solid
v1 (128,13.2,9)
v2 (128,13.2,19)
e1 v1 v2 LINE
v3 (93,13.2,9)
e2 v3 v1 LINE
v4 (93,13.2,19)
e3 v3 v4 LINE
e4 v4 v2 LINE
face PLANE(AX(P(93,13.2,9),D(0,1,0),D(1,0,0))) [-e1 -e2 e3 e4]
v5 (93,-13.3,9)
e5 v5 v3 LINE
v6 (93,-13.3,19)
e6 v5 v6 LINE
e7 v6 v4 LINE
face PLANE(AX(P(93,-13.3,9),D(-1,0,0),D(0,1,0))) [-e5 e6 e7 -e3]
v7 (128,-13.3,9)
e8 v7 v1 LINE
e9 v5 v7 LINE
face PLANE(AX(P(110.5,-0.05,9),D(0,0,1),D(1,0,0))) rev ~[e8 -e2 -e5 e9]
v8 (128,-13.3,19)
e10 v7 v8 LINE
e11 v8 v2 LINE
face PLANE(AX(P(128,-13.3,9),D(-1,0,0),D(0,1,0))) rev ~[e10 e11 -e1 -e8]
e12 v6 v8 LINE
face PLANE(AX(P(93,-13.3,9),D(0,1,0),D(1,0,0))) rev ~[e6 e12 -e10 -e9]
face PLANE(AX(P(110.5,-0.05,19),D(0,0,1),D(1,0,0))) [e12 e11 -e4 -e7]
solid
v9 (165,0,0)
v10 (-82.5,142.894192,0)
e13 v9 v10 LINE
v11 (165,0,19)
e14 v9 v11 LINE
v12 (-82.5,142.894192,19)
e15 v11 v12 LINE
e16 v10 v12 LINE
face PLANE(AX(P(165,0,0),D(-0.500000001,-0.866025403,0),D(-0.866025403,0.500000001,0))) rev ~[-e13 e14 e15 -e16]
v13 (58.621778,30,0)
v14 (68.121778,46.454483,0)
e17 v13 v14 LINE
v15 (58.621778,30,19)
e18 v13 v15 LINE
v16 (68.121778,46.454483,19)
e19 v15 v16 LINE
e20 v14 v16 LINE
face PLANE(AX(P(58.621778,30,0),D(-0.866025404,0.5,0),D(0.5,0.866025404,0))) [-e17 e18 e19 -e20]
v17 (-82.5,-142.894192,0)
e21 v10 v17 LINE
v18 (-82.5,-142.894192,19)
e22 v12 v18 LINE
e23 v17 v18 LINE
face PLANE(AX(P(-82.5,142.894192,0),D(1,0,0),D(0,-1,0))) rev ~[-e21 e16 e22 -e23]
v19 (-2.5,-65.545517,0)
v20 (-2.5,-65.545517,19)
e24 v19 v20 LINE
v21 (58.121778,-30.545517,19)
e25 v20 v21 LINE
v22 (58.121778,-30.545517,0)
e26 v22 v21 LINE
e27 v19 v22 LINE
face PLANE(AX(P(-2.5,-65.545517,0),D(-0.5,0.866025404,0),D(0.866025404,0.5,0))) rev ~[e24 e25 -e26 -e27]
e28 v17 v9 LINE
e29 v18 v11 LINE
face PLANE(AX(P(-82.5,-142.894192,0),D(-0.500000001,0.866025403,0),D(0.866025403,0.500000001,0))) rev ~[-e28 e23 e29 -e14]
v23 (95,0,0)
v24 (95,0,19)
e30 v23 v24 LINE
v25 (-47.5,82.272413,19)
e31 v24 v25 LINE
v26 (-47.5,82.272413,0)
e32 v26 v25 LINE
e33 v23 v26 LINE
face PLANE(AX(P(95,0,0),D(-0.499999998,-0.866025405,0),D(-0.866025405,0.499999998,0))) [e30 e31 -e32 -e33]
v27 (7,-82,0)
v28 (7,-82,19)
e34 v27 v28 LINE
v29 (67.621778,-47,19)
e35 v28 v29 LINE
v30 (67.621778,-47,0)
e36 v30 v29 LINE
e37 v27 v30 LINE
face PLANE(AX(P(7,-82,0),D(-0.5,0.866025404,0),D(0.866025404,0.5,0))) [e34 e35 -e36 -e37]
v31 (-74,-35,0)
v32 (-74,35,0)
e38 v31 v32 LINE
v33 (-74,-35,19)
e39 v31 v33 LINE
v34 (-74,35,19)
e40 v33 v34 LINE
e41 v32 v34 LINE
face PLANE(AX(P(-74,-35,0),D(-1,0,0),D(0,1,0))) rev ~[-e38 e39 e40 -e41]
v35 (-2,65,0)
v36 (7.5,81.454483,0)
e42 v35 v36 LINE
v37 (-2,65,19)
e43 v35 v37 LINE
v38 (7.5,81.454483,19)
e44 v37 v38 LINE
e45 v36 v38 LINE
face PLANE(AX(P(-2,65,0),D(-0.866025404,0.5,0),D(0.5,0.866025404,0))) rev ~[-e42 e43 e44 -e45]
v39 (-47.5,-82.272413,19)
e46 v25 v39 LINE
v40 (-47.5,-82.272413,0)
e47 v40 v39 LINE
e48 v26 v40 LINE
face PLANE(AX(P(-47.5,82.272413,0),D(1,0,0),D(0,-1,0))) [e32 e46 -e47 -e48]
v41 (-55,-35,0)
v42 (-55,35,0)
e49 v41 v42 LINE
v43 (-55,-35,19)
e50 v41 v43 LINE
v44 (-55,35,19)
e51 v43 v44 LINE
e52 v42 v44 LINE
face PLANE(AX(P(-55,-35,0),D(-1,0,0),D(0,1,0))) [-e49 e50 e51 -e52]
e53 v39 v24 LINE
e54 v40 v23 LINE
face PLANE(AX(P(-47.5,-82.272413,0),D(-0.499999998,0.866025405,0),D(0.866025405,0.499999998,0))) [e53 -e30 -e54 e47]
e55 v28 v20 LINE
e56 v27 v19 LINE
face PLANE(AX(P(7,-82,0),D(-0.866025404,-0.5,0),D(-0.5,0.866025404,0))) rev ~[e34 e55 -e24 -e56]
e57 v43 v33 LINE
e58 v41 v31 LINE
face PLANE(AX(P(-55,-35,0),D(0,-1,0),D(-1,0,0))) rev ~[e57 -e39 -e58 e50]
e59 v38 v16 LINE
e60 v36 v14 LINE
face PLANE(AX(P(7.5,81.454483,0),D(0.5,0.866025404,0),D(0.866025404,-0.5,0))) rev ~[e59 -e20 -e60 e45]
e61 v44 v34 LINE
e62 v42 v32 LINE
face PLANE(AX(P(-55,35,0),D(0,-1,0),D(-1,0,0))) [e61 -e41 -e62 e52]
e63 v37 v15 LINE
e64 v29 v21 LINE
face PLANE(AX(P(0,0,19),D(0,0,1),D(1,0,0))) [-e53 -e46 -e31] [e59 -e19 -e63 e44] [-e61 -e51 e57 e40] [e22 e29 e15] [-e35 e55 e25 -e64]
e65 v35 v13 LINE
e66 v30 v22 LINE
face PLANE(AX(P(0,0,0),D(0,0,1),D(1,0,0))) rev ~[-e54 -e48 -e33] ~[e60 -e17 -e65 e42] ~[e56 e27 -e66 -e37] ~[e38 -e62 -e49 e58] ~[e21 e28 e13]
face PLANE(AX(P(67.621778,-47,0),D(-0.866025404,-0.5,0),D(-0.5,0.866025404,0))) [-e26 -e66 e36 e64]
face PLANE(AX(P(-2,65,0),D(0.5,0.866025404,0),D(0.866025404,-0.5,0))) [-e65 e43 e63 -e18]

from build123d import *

# Parameters (mm, degrees)
BOX002_W               = 70
BOX002_H               = 19
BOX002_DEPTH           = 19
BOX002_PLACEMENT_ANGLE = 30
BOX001_W               = 70
BOX001_H               = 19
BOX001_DEPTH           = 19
BOX001_PLACEMENT_ANGLE = 90
BOX_W                  = 70
BOX_H                  = 19
BOX_DEPTH              = 19
BOX_PLACEMENT_ANGLE    = 30
PRISM001_DEPTH         = 19
PRISM_DEPTH            = 19
BOX003_W               = 35
BOX003_H               = 26.5
BOX003_DEPTH           = 10


with BuildPart() as box002:
    # Box002 → Box002 (new body)
    with BuildSketch(Plane.XY):
        with Locations((35, 9.5)):
            Rectangle(BOX002_W, BOX002_H)
    extrude(amount=BOX002_DEPTH)


with BuildPart() as box002_1:
    # Box002 placement: moved
    add(box002.part.moved(Location((7, -82, 0))).rotate(Axis((7, -82, 0), (0, 0, 1)), BOX002_PLACEMENT_ANGLE))


with BuildPart() as box001:
    # Box001 → Box001 (new body)
    with BuildSketch(Plane.XY):
        with Locations((35, 9.5)):
            Rectangle(BOX001_W, BOX001_H)
    extrude(amount=BOX001_DEPTH)


with BuildPart() as box001_1:
    # Box001 placement: moved
    add(box001.part.moved(Location((-55, -35, 0))).rotate(Axis((-55, -35, 0), (0, 0, 1)), BOX001_PLACEMENT_ANGLE))


with BuildPart() as box:
    # Box → Box (new body)
    with BuildSketch(Plane.XY):
        with Locations((35, 9.5)):
            Rectangle(BOX_W, BOX_H)
    extrude(amount=BOX_DEPTH)


with BuildPart() as box_1:
    # Box placement: moved
    add(box.part.moved(Location((-2, 65, 0))).rotate(Axis((-2, 65, 0), (0, 0, -1)), BOX_PLACEMENT_ANGLE))


with BuildPart() as prism001:
    # Prism001 → Prism001 (new body)
    with BuildSketch(Plane.XY):
        Polygon((95, 0), (-47.5, 82.272413), (-47.5, -82.272413), align=None)
    extrude(amount=PRISM001_DEPTH)


with BuildPart() as cut003:
    # Prism → Prism (new body)
    with BuildSketch(Plane.XY):
        Polygon((165, 0), (-82.5, 142.894192), (-82.5, -142.894192), align=None)
    extrude(amount=PRISM_DEPTH)

    # Cut: cut Prism001
    add(prism001.part, mode=Mode.SUBTRACT)

    # Cut001: cut Box
    add(box_1.part, mode=Mode.SUBTRACT)

    # Cut002: cut Box001
    add(box001_1.part, mode=Mode.SUBTRACT)

    # Cut003: cut Box002
    add(box002_1.part, mode=Mode.SUBTRACT)


with BuildPart() as box003:
    # Box003 → Box003 (new body)
    with BuildSketch(Plane(origin=(93, -13.3, 9), x_dir=(1, 0, 0), z_dir=(0, 0, 1))):
        with Locations((17.5, 13.25)):
            Rectangle(BOX003_W, BOX003_H)
    extrude(amount=BOX003_DEPTH)


solid = Compound([cut003.part, box003.part])
